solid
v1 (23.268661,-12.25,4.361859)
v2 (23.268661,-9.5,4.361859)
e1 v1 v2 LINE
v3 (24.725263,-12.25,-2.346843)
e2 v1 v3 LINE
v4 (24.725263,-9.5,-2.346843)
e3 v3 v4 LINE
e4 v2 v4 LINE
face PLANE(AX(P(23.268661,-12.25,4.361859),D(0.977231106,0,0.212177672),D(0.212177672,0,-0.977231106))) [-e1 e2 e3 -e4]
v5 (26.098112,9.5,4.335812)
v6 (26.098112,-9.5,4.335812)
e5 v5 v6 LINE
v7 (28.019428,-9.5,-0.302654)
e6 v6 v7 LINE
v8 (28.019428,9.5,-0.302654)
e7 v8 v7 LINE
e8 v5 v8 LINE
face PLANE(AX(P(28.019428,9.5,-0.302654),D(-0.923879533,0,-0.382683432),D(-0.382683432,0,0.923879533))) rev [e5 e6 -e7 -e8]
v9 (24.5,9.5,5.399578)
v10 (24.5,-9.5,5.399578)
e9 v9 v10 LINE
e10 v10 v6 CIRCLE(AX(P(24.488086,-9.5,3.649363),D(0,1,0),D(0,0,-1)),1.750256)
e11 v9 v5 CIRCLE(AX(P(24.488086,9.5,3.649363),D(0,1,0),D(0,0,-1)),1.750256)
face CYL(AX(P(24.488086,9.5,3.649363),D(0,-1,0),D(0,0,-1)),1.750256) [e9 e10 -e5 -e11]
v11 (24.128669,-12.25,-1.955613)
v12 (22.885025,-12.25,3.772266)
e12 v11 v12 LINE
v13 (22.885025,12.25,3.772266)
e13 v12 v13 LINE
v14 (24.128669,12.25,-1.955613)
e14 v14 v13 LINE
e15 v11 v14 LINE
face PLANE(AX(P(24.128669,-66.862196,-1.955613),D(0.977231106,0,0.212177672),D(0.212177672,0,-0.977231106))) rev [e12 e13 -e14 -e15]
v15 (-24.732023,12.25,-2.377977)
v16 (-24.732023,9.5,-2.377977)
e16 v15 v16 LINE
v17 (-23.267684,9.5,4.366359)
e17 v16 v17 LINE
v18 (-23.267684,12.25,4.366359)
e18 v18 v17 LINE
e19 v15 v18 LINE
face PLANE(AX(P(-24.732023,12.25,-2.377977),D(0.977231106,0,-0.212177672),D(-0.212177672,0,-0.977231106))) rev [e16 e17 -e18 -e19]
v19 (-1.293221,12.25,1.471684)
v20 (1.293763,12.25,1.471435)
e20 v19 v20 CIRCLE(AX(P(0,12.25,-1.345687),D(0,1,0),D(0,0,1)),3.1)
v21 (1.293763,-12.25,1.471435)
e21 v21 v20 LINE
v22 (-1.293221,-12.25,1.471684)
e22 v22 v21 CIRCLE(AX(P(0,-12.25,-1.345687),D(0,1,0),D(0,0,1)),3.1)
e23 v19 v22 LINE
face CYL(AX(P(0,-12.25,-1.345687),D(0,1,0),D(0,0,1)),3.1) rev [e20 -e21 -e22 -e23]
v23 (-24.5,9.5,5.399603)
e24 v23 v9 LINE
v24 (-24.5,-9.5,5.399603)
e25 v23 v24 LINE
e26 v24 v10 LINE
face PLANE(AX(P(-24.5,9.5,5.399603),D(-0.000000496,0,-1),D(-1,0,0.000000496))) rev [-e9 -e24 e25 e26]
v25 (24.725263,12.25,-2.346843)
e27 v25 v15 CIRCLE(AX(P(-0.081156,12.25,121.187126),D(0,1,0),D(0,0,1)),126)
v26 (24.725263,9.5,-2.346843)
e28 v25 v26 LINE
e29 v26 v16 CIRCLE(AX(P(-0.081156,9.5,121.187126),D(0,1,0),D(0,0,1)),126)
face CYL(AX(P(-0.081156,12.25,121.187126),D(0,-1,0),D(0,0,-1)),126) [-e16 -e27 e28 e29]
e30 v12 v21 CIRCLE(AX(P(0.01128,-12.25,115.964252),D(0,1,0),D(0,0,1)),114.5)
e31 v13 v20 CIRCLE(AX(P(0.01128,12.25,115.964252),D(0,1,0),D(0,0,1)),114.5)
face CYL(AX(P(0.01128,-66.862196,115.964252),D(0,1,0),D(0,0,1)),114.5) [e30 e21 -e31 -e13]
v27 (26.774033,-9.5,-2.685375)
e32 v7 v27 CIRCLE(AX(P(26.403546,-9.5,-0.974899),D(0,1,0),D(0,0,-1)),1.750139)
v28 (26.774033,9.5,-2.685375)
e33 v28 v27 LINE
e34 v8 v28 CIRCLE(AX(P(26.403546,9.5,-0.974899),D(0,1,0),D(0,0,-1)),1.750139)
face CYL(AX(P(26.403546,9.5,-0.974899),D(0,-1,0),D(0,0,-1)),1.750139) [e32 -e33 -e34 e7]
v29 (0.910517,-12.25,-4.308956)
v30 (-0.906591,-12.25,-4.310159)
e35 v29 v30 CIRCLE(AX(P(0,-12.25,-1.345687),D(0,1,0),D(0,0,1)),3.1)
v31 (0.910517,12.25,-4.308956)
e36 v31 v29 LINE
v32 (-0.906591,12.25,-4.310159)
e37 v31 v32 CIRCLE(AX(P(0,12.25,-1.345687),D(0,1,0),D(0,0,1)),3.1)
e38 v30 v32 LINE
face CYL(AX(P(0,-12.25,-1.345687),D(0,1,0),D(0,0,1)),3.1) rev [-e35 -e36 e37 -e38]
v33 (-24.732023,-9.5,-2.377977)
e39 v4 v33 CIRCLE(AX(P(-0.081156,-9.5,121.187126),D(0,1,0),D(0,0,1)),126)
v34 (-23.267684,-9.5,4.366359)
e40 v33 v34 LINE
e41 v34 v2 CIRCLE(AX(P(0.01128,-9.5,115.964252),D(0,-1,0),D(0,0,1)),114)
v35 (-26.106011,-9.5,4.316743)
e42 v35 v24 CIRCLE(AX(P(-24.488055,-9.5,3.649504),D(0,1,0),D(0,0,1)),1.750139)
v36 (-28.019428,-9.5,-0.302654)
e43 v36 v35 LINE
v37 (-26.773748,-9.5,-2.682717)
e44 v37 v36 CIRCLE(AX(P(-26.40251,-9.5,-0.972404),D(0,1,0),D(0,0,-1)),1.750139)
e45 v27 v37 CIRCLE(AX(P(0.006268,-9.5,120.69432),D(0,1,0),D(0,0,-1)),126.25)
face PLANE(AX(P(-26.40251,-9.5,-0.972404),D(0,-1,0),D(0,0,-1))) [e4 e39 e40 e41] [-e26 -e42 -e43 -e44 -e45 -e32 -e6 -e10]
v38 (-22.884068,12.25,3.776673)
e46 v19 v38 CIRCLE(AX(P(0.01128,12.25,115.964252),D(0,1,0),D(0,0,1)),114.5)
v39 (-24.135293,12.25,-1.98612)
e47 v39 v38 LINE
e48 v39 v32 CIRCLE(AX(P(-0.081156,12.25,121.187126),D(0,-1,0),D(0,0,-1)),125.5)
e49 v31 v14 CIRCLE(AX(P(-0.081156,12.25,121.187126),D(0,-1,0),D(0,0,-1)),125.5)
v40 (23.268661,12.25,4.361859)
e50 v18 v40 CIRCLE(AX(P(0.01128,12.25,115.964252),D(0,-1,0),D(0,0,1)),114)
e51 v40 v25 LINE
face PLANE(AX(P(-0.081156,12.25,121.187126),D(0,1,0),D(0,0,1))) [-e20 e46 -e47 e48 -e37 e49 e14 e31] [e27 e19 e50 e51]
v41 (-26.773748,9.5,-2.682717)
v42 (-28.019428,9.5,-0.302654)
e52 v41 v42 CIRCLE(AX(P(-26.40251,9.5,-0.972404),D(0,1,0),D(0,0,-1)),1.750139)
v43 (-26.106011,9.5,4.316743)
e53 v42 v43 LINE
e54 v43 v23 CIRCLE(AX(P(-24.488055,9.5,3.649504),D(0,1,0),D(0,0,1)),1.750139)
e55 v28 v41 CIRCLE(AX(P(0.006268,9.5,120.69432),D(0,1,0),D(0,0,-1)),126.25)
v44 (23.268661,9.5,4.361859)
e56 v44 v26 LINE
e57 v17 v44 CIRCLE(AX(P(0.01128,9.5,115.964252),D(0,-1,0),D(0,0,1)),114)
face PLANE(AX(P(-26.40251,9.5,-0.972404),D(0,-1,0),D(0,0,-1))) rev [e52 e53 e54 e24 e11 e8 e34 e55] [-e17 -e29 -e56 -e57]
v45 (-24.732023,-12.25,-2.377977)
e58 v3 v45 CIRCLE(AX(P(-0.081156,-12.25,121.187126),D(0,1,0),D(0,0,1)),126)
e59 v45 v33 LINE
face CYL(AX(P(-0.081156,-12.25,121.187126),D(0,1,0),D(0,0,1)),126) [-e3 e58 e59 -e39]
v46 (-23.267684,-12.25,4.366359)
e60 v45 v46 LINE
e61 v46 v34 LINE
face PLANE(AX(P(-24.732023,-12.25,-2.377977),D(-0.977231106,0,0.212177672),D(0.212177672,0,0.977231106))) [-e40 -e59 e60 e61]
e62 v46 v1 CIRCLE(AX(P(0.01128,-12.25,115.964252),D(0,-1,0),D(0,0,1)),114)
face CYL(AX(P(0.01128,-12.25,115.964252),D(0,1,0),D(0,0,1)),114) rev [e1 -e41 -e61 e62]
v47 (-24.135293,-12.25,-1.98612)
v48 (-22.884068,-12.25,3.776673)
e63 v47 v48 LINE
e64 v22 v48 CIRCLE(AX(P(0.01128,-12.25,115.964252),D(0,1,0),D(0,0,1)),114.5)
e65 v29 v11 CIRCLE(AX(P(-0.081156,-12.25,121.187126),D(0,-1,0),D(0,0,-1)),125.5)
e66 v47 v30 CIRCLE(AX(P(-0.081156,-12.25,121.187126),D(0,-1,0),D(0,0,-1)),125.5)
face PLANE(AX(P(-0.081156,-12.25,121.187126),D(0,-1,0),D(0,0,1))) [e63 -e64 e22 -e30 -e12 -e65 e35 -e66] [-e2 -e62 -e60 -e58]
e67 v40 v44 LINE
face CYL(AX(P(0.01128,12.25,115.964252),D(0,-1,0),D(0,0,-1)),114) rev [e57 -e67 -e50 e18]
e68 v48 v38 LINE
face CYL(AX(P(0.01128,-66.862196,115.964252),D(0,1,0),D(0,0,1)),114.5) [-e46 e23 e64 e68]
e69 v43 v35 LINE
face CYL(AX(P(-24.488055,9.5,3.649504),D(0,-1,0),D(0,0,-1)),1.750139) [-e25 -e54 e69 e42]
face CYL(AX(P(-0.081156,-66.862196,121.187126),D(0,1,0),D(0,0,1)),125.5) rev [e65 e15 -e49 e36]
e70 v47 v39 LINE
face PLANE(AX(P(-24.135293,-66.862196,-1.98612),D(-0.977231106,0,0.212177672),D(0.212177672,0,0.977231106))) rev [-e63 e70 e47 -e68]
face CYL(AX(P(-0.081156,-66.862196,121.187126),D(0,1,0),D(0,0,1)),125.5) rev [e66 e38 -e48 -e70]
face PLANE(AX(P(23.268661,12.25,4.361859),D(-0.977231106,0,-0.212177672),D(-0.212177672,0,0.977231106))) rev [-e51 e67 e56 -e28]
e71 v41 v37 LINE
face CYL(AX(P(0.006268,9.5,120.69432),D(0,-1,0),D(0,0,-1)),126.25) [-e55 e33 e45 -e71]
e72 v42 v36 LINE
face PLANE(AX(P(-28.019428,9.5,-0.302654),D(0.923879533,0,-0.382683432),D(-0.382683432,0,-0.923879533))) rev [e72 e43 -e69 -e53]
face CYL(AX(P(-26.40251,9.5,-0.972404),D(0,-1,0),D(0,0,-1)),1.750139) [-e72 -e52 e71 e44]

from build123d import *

# Parameters (mm, degrees)
BOSS_EXTRUDE1_DEPTH     = 9.5
BOSS_EXTRUDE4_DEPTH     = 19
BOSS_EXTRUDE5_DEPTH     = 2.75
CUT_EXTRUDE1_DEPTH      = 37.007750295
CUT_EXTRUDE1_DEPTH_BACK = 37.007750295
CUT_EXTRUDE2_DEPTH      = 38.700107179
CUT_EXTRUDE2_DEPTH_BACK = 38.700107179
SKETCH8_R               = 3.1


with BuildPart() as part:
    # Sketch1 → Boss-Extrude1 (new, symmetric)
    with BuildSketch(Plane(origin=(0, 0, 0), x_dir=(1, 0, 0), z_dir=(0, 1, 0))):
        with BuildLine():
            Line((-28.019427969, 0.30265419), (-26.106010807, -4.316743473))
            ThreePointArc((-26.106010807, -4.316743473), (-25.466467114, -5.100606473), (-24.5, -5.399602554))
            Line((-24.5, -5.399602554), (24.5, -5.399578272))
            ThreePointArc((24.5, -5.399578272), (25.457917057, -5.106354456), (26.098112281, -4.3358122))
            Line((26.098112281, -4.3358122), (28.019427969, 0.30265419))
            ThreePointArc((28.019427969, 0.30265419), (27.954595682, 1.785598461), (26.77403281, 2.685375236))
            ThreePointArc((26.77403281, 2.685375236), (0, 5.555679504), (-26.77374766, 2.682716614))
            ThreePointArc((-26.77374766, 2.682716614), (-27.953111468, 1.783959509), (-28.019427969, 0.30265419))
        make_face()
        with BuildLine():
            Line((-26.90965458, 0.889831635), (-24.967422855, -3.799130535))
            ThreePointArc((-24.967422855, -3.799130535), (-24.732603169, -4.057099402), (-24.386863498, -4.103492305))
            ThreePointArc((-24.386863498, -4.103492305), (0, -1.488014765), (24.386863498, -4.103492305))
            ThreePointArc((24.386863498, -4.103492305), (24.690465194, -4.081962763), (24.928721144, -3.892564732))
            Line((24.928721144, -3.892564732), (26.842138305, 0.72683293))
            ThreePointArc((26.842138305, 0.72683293), (26.889731767, 1.205196592), (26.51532004, 1.506714071))
            ThreePointArc((26.51532004, 1.506714071), (0, 4.351330223), (-26.51532004, 1.506714071))
            ThreePointArc((-26.51532004, 1.506714071), (-26.843311912, 1.281900877), (-26.90965458, 0.889831635))
        make_face(mode=Mode.SUBTRACT)
    extrude(amount=BOSS_EXTRUDE1_DEPTH, both=True)

    # Sketch5 → Boss-Extrude4 (add)
    with BuildSketch(Plane(origin=(0, 9.5, 0), x_dir=(1, 0, 0), z_dir=(0, 1, 0))):
        with BuildLine():
            Line((-28.019427969, 0.30265419), (-26.106010807, -4.316743473))
            ThreePointArc((-26.106010807, -4.316743473), (-25.466467114, -5.100606473), (-24.5, -5.399602554))
            Line((-24.5, -5.399602554), (24.5, -5.399578272))
            ThreePointArc((24.5, -5.399578272), (25.457917057, -5.106354456), (26.098112281, -4.3358122))
            Line((26.098112281, -4.3358122), (28.019427969, 0.30265419))
            ThreePointArc((28.019427969, 0.30265419), (27.954595682, 1.785598461), (26.77403281, 2.685375236))
            ThreePointArc((26.77403281, 2.685375236), (0, 5.555679504), (-26.77374766, 2.682716614))
            ThreePointArc((-26.77374766, 2.682716614), (-27.953111468, 1.783959509), (-28.019427969, 0.30265419))
        make_face()
        with BuildLine():
            Line((24.128669413, 1.955613279), (22.885024946, -3.772265844))
            ThreePointArc((22.885024946, -3.772265844), (0.000255966, -1.464252732), (-22.884068151, -3.776672574))
            Line((-22.884068151, -3.776672574), (-24.135292964, 1.986119507))
            ThreePointArc((-24.135292964, 1.986119507), (-0.001831478, 4.312848519), (24.128669413, 1.955613279))
        make_face(mode=Mode.SUBTRACT)
    extrude(amount=-BOSS_EXTRUDE4_DEPTH)

    # Sketch6 → Boss-Extrude5 (add)
    with BuildSketch(Plane(origin=(0, 9.5, 0), x_dir=(1, 0, 0), z_dir=(0, 1, 0))):
        with BuildLine():
            Line((-24.732023245, 2.377976913), (-23.267684412, -4.366358828))
            ThreePointArc((-23.267684412, -4.366358828), (0.000256463, -1.964252734), (23.268661469, -4.361858777))
            Line((23.268661469, -4.361858777), (24.725263361, 2.346842775))
            ThreePointArc((24.725263361, 2.346842775), (-0.001837352, 4.812848622), (-24.732023245, 2.377976913))
        make_face()
        with BuildLine():
            Line((-23.538121832, 1.592231661), (-22.5, -3.189067597))
            ThreePointArc((-22.5, -3.189067597), (0.000255268, -0.964252729), (22.500936706, -3.184753392))
            Line((22.500936706, -3.184753392), (23.531635738, 1.562358523))
            ThreePointArc((23.531635738, 1.562358523), (-0.001824238, 3.812848414), (-23.538121832, 1.592231661))
        make_face(mode=Mode.SUBTRACT)
    boss_extrude5 = extrude(amount=BOSS_EXTRUDE5_DEPTH)

    # Mirror1: Boss-Extrude5 across plane
    add(boss_extrude5.mirror(Plane.ZX))

    # Sketch5<2> → Cut-Extrude1 (cut, two sides: drawn at the far end of the back side and taken through both)
    with BuildSketch(Plane(origin=(0, 9.5, 0), x_dir=(1, 0, 0), z_dir=(0, 1, 0)).offset(-CUT_EXTRUDE1_DEPTH_BACK)):
        with BuildLine():
            Line((24.128669413, 1.955613279), (22.885024946, -3.772265844))
            ThreePointArc((22.885024946, -3.772265844), (0.000255966, -1.464252732), (-22.884068151, -3.776672574))
            Line((-22.884068151, -3.776672574), (-24.135292964, 1.986119507))
            ThreePointArc((-24.135292964, 1.986119507), (-0.001831478, 4.312848519), (24.128669413, 1.955613279))
        make_face()
    extrude(amount=CUT_EXTRUDE1_DEPTH + CUT_EXTRUDE1_DEPTH_BACK, mode=Mode.SUBTRACT)

    # Sketch8 → Cut-Extrude2 (cut, two sides: drawn at the far end of the back side and taken through both)
    with BuildSketch(Plane(origin=(0, 12.2, 0), x_dir=(1, 0, 0), z_dir=(0, 1, 0)).offset(-CUT_EXTRUDE2_DEPTH_BACK)):
        with Locations((0, 1.34568742)):
            Circle(SKETCH8_R)
    extrude(amount=CUT_EXTRUDE2_DEPTH + CUT_EXTRUDE2_DEPTH_BACK, mode=Mode.SUBTRACT)


solid = part.part
